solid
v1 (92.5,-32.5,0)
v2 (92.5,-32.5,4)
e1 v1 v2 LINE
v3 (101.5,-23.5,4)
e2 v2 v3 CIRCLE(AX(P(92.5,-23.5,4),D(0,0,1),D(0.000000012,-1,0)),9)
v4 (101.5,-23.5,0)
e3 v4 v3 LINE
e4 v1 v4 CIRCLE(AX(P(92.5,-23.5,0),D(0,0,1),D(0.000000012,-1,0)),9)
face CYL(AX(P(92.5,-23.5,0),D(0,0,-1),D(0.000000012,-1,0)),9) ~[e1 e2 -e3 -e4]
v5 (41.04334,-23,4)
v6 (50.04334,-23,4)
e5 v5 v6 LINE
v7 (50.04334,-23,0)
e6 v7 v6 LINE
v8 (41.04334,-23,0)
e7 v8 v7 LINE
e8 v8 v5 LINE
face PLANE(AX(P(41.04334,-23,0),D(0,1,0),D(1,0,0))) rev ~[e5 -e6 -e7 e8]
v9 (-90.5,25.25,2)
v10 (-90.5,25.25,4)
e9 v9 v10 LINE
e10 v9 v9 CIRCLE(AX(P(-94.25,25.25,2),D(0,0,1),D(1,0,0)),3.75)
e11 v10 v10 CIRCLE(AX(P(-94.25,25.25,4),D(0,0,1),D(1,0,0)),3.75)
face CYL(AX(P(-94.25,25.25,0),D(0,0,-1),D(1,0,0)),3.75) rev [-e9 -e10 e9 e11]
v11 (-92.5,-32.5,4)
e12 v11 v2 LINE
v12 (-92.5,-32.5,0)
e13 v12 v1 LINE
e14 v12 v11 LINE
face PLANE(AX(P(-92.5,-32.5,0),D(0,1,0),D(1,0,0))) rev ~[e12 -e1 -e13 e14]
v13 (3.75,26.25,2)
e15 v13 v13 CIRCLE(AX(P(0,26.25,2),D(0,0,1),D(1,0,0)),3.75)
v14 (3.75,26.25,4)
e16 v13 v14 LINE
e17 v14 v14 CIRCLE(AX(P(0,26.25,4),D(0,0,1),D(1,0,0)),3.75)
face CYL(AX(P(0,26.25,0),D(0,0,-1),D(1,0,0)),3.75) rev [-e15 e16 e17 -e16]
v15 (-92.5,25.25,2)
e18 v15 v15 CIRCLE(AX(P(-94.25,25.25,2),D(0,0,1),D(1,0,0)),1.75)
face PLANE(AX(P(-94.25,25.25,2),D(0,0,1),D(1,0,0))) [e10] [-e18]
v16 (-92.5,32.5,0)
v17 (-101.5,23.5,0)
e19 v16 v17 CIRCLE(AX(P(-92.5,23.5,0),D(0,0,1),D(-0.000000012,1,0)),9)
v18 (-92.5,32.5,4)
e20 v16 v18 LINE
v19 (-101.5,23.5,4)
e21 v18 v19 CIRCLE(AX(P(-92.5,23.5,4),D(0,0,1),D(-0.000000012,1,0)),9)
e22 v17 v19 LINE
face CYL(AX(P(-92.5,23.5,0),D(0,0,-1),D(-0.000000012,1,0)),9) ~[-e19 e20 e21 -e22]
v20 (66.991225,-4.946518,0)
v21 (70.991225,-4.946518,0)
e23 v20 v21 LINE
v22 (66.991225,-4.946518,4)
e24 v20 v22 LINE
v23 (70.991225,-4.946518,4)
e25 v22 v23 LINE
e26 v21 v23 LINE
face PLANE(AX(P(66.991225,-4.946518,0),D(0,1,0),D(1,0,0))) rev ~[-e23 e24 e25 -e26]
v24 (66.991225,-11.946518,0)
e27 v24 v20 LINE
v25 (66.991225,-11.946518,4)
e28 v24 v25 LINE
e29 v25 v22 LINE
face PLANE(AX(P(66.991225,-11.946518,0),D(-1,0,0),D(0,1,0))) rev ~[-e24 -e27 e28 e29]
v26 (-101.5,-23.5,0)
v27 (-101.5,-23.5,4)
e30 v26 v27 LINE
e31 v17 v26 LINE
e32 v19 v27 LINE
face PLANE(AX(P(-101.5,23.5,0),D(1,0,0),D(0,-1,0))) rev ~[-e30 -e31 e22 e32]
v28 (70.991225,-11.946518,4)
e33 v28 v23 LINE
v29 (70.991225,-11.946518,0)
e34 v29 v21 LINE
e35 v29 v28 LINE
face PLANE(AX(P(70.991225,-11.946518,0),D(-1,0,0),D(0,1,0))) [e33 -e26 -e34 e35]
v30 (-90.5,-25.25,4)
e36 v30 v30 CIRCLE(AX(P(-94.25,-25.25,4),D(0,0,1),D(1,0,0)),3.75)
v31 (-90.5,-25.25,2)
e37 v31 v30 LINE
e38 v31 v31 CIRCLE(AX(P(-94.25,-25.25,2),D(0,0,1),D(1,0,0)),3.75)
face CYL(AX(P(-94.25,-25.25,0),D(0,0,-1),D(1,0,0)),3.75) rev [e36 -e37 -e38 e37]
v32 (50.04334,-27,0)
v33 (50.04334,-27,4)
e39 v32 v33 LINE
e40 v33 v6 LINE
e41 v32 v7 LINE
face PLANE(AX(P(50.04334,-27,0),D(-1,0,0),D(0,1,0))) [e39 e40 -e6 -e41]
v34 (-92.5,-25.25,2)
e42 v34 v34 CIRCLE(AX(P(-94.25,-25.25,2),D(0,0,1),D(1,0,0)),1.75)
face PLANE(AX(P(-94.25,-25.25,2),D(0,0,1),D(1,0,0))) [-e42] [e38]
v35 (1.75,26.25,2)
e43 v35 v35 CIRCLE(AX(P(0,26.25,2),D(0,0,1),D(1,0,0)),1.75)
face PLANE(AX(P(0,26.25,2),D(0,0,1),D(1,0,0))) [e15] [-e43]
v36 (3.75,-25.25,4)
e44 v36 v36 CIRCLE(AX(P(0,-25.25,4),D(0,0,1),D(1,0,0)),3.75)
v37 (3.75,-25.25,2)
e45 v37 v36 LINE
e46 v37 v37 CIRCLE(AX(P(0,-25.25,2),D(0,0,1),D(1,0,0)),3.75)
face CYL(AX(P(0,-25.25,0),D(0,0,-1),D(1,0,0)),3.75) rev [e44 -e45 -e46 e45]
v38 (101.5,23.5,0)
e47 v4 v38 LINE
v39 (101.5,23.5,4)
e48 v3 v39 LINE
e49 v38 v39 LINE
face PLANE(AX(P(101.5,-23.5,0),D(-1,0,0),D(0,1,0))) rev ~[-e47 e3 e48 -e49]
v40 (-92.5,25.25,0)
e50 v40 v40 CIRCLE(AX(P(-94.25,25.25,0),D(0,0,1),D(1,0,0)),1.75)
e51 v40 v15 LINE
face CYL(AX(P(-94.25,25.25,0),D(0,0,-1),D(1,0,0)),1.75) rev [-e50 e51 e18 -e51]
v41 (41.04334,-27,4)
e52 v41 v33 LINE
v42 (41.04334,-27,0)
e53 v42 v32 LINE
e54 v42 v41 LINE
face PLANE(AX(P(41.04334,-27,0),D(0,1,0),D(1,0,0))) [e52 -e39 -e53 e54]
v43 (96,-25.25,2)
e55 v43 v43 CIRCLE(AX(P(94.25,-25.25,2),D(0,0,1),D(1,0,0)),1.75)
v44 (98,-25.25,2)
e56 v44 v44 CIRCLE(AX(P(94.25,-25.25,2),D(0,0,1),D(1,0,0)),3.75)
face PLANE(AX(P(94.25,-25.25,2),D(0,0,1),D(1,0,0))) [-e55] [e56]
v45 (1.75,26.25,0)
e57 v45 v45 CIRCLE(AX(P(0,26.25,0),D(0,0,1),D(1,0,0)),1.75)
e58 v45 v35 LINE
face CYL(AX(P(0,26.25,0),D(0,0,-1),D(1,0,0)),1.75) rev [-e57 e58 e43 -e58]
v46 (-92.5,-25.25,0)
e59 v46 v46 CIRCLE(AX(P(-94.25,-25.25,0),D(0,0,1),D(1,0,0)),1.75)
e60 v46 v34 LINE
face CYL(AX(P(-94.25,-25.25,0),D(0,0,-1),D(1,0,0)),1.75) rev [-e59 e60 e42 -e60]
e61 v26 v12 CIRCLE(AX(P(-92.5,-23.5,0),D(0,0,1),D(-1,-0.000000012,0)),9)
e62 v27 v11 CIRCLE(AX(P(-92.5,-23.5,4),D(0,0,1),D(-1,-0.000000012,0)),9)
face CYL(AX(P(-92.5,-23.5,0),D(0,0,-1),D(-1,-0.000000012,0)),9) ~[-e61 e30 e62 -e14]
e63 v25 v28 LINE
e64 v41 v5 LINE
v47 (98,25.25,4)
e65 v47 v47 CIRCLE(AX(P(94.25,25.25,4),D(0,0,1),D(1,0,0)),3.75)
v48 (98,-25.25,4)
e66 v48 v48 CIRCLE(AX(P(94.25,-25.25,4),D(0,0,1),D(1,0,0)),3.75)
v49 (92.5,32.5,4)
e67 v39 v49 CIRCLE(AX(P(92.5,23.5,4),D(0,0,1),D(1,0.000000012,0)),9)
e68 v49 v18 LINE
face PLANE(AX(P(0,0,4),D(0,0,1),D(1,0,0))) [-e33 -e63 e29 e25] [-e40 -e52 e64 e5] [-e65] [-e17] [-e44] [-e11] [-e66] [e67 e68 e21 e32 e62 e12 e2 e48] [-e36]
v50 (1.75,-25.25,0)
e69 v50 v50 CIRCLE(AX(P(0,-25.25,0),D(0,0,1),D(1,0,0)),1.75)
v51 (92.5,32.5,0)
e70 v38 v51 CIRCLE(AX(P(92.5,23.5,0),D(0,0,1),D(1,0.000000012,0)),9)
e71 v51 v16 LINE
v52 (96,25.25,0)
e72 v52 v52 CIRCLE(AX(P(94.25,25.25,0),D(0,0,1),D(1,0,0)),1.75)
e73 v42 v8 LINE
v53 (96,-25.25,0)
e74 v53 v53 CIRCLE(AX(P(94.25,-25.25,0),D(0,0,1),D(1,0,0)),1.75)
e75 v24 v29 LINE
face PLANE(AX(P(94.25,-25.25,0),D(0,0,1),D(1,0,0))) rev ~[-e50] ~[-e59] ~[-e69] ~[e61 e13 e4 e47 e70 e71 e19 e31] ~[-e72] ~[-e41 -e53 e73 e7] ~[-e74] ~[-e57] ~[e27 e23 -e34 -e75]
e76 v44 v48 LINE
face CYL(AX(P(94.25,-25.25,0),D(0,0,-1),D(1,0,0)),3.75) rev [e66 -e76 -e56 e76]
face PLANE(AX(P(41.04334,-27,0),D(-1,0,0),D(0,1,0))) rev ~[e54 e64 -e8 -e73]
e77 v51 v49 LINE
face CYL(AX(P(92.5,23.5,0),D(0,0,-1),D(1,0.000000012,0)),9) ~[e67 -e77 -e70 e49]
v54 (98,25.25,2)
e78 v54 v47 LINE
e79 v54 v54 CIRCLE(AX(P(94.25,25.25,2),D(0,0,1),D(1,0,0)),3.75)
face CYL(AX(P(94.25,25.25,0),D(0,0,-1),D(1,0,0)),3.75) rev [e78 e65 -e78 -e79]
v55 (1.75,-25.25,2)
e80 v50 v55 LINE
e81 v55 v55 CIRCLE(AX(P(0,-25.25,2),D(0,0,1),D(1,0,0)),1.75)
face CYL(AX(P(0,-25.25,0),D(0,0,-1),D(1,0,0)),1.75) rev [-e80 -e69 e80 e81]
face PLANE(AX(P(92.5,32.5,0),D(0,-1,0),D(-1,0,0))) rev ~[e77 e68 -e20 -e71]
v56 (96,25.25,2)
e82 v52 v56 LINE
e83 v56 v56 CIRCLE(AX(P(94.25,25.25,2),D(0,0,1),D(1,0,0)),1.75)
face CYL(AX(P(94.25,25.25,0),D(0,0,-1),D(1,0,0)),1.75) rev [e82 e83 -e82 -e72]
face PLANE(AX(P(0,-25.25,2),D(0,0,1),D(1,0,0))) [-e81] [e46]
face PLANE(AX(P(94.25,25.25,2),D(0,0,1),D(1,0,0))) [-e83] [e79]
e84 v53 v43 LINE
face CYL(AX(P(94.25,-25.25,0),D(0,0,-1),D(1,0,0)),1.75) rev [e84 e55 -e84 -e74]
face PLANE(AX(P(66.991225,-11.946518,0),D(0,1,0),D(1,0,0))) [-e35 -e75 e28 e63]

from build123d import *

# Parameters (mm, degrees)
F0_R     = 3.75
F0_W     = 9
F0_H     = 4
F0_W_2   = 4
F0_H_2   = 7
F1_DEPTH = 4
F0_R_2   = 1.75
F2_DEPTH = 2


with BuildPart() as f1:
    # F0 (on Top) → F1 (new body)
    with BuildSketch(Plane.XY):
        with BuildLine():
            Line((-92.5, -32.5), (92.5, -32.5))
            ThreePointArc((92.5, -32.5), (98.863961, -29.863961), (101.5, -23.5))
            Line((101.5, -23.5), (101.5, 23.5))
            ThreePointArc((101.5, 23.5), (98.863961, 29.863961), (92.5, 32.5))
            Line((92.5, 32.5), (-92.5, 32.5))
            ThreePointArc((-92.5, 32.5), (-98.863961, 29.863961), (-101.5, 23.5))
            Line((-101.5, 23.5), (-101.5, -23.5))
            ThreePointArc((-101.5, -23.5), (-98.863961, -29.863961), (-92.5, -32.5))
        make_face()
        with Locations((-94.25, -25.25)):
            Circle(F0_R, mode=Mode.SUBTRACT)
        with Locations((0, -25.25)):
            Circle(F0_R, mode=Mode.SUBTRACT)
        with Locations((45.54334, -25)):
            Rectangle(F0_W, F0_H, mode=Mode.SUBTRACT)
        with Locations((94.25, -25.25)):
            Circle(F0_R, mode=Mode.SUBTRACT)
        with Locations((68.991225, -8.446518)):
            Rectangle(F0_W_2, F0_H_2, mode=Mode.SUBTRACT)
        with Locations((-94.25, 25.25)):
            Circle(F0_R, mode=Mode.SUBTRACT)
        with Locations((0, 26.25)):
            Circle(F0_R, mode=Mode.SUBTRACT)
        with Locations((94.25, 25.25)):
            Circle(F0_R, mode=Mode.SUBTRACT)
    extrude(amount=F1_DEPTH)

    # F0 (on Top) → F2 (join)
    with BuildSketch(Plane.XY):
        with Locations((94.25, -25.25)):
            Circle(F0_R)
        with Locations((94.25, -25.25)):
            Circle(F0_R_2, mode=Mode.SUBTRACT)
        with Locations((0, -25.25)):
            Circle(F0_R)
        with Locations((0, -25.25)):
            Circle(F0_R_2, mode=Mode.SUBTRACT)
        with Locations((0, 26.25)):
            Circle(F0_R)
        with Locations((0, 26.25)):
            Circle(F0_R_2, mode=Mode.SUBTRACT)
        with Locations((94.25, 25.25)):
            Circle(F0_R)
        with Locations((94.25, 25.25)):
            Circle(F0_R_2, mode=Mode.SUBTRACT)
        with Locations((-94.25, -25.25)):
            Circle(F0_R)
        with Locations((-94.25, -25.25)):
            Circle(F0_R_2, mode=Mode.SUBTRACT)
        with Locations((-94.25, 25.25)):
            Circle(F0_R)
        with Locations((-94.25, 25.25)):
            Circle(F0_R_2, mode=Mode.SUBTRACT)
    extrude(amount=F2_DEPTH)


solid = f1.part
